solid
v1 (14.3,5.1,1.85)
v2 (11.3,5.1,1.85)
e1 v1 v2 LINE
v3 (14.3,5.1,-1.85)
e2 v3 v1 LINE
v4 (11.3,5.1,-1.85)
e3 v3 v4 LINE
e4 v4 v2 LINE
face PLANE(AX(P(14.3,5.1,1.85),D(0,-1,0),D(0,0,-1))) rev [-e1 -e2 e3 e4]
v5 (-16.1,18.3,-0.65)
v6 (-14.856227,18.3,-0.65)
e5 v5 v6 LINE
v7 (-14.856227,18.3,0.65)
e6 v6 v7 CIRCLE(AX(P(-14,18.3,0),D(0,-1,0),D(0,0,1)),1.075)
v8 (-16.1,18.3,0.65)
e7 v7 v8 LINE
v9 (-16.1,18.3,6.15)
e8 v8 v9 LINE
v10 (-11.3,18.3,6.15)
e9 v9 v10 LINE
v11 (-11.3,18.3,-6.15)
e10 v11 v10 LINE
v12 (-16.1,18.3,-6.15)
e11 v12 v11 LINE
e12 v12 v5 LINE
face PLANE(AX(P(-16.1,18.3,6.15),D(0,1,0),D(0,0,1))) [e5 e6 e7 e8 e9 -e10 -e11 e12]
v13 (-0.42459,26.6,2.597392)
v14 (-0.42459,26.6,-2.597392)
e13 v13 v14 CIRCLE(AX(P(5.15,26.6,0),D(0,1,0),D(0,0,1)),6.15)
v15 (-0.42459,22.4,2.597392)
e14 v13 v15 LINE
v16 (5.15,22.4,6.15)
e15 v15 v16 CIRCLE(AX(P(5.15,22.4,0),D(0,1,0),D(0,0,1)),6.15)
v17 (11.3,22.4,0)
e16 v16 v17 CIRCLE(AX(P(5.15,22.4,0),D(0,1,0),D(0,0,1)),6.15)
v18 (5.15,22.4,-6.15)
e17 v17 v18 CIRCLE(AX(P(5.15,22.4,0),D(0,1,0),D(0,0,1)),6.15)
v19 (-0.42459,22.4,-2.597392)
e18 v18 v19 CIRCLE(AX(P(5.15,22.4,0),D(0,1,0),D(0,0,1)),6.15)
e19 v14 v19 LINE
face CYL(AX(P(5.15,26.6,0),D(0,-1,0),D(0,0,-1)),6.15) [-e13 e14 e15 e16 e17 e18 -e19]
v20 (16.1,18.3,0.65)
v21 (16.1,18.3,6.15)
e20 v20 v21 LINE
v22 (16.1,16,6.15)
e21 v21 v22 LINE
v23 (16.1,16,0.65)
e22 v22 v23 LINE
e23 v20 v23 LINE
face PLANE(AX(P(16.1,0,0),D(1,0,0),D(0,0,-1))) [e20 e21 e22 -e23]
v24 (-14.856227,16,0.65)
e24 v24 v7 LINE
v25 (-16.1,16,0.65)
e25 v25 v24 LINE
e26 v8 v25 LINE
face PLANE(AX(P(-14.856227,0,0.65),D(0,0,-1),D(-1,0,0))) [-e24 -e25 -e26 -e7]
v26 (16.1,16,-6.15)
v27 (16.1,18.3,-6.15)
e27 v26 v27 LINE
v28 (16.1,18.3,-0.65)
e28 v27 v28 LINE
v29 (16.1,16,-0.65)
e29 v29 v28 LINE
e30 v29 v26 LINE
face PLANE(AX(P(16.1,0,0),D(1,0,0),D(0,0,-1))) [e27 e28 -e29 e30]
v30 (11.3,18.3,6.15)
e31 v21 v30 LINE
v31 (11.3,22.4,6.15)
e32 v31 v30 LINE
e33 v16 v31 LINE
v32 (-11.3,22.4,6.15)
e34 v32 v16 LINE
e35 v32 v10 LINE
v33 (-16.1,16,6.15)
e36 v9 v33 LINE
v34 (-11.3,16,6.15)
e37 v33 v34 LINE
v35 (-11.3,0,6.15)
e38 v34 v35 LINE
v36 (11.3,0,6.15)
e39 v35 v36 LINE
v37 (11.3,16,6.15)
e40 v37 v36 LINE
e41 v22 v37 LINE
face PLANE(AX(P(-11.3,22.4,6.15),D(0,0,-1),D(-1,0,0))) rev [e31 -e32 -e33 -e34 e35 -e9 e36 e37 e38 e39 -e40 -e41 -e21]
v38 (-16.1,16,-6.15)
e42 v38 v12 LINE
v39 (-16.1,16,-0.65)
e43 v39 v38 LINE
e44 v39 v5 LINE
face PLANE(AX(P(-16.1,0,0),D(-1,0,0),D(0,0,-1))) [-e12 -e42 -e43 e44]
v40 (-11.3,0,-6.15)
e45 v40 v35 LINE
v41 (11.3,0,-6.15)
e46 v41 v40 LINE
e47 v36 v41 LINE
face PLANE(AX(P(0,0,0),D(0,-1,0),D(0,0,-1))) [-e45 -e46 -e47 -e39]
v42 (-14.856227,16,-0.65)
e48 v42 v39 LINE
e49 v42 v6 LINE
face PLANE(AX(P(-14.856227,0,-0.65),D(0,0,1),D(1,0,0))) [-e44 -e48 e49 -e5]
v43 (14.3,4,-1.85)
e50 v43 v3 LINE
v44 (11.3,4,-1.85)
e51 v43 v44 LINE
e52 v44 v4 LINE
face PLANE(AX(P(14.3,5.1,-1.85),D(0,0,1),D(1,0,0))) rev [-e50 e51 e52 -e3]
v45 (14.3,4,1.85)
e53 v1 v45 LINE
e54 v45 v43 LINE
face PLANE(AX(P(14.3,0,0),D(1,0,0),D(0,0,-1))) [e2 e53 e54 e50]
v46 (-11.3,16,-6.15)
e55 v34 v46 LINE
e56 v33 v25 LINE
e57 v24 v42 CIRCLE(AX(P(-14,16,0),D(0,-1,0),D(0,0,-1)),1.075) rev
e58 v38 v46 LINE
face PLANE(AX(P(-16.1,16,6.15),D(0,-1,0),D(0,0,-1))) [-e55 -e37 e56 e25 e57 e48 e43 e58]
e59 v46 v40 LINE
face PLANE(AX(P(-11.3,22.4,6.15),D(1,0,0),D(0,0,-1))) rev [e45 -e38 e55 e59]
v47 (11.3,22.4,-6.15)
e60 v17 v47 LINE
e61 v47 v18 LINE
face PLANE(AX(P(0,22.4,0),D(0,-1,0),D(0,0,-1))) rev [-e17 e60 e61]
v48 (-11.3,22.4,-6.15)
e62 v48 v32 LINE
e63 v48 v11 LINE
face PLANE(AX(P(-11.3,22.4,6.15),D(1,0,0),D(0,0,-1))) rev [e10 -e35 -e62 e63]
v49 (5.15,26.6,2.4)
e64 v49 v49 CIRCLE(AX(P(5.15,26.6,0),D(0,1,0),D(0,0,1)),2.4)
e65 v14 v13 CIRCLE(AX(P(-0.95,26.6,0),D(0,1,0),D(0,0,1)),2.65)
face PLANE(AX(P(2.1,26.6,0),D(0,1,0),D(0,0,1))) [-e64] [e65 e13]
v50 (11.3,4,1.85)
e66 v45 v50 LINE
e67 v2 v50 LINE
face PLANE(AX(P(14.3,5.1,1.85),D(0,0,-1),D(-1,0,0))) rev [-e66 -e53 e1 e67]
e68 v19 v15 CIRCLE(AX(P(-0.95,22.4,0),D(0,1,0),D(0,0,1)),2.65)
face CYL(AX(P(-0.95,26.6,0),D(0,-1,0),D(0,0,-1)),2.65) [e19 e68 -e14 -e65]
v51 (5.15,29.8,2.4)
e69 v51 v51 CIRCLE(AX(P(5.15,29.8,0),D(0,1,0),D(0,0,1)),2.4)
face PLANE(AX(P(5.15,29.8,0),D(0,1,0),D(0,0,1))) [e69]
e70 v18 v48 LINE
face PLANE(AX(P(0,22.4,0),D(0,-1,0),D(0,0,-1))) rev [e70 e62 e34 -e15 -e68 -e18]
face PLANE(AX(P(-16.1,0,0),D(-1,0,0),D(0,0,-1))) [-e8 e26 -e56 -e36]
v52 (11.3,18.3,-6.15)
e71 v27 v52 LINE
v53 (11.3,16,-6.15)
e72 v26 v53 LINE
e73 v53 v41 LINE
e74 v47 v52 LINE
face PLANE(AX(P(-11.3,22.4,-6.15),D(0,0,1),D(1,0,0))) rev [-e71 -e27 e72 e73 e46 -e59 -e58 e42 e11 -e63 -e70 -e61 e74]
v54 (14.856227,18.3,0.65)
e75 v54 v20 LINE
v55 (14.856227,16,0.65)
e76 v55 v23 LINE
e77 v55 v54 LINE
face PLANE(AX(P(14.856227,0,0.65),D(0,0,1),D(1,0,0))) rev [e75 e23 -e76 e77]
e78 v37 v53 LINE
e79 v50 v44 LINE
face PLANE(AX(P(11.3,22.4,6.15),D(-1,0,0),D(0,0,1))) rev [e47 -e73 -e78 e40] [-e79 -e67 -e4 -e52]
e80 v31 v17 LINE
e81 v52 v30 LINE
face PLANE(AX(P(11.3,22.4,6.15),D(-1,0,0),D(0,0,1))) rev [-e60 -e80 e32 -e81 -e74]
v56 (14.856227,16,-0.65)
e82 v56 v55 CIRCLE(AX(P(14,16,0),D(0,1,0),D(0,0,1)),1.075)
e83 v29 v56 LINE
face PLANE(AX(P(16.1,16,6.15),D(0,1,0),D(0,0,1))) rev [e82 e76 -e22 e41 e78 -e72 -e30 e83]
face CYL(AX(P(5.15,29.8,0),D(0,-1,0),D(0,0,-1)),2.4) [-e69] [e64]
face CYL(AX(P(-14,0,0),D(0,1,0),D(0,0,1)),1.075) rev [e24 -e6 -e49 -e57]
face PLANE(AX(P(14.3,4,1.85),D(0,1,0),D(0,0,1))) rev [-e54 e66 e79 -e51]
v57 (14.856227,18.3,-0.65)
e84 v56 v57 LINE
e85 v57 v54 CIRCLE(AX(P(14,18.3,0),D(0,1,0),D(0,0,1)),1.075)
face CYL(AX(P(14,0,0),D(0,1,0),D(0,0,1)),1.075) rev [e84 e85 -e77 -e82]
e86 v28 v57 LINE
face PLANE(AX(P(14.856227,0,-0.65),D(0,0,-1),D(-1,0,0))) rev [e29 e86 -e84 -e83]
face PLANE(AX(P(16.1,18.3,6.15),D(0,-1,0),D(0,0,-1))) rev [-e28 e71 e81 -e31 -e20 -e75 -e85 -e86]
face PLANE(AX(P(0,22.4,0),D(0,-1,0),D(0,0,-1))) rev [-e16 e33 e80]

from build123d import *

# Parameters (mm, degrees)
ESBO_O1_W                = 22.6
ESBO_O1_H                = 12.3
RESSALTO_EXTRUS_O1_DEPTH = 22.4
ESBO_O2_W                = 12.3
ESBO_O2_H                = 2.3
RESSALTO_EXTRUS_O2_DEPTH = 4.8
CORTE_EXTRUS_O1_DEPTH    = 26.13806874
RESSALTO_EXTRUS_O3_DEPTH = 4.2
ESBO_O5_R                = 2.4
RESSALTO_EXTRUS_O4_DEPTH = 3.2
ESBO_O6_W                = 3.7
ESBO_O6_H                = 1.1
RESSALTO_EXTRUS_O5_DEPTH = 3


with BuildPart() as part:
    # Esboço1 → Ressalto-extrusão1 (new body)
    with BuildSketch(Plane(origin=(0, 0, 0), x_dir=(1, 0, 0), z_dir=(0, 1, 0))):
        Rectangle(ESBO_O1_W, ESBO_O1_H)
    extrude(amount=RESSALTO_EXTRUS_O1_DEPTH)

    # Esboço2 → Ressalto-extrusão2 (add)
    with BuildSketch(Plane(origin=(11.3, 0, 0), x_dir=(0, 0, -1), z_dir=(1, 0, 0))):
        with Locations((0, 17.15)):
            Rectangle(ESBO_O2_W, ESBO_O2_H)
    ressalto_extrus_o2 = extrude(amount=RESSALTO_EXTRUS_O2_DEPTH)

    # Esboço3 → Corte-extrusão1 (cut, through all)
    with BuildSketch(Plane(origin=(0, 18.3, 0), x_dir=(1, 0, 0), z_dir=(0, 1, 0))):
        with BuildLine():
            Line((14.856227189, 0.65), (16.1, 0.65))
            Line((16.1, 0.65), (16.1, -0.65))
            Line((16.1, -0.65), (14.856227189, -0.65))
            ThreePointArc((14.856227189, -0.65), (12.925, 0), (14.856227189, 0.65))
        make_face()
    corte_extrus_o1 = extrude(amount=-CORTE_EXTRUS_O1_DEPTH, mode=Mode.SUBTRACT)

    # Espelhar1: Ressalto-extrusão2, Corte-extrusão1 across plane
    add(ressalto_extrus_o2.mirror(Plane(origin=(0, 0, 0), x_dir=(0, 0, 1), z_dir=(1, 0, 0))))
    add(corte_extrus_o1.mirror(Plane(origin=(0, 0, 0), x_dir=(0, 0, 1), z_dir=(1, 0, 0))), mode=Mode.SUBTRACT)

    # Esboço4 → Ressalto-extrusão3 (add)
    with BuildSketch(Plane(origin=(0, 22.4, 0), x_dir=(1, 0, 0), z_dir=(0, 1, 0))):
        with BuildLine():
            ThreePointArc((-0.424590164, -2.597391866), (11.3, 0), (-0.424590164, 2.597391866))
            ThreePointArc((-0.424590164, 2.597391866), (-3.6, 0), (-0.424590164, -2.597391866))
        make_face()
    extrude(amount=RESSALTO_EXTRUS_O3_DEPTH)

    # Esboço5 → Ressalto-extrusão4 (add)
    with BuildSketch(Plane(origin=(0, 26.6, 0), x_dir=(1, 0, 0), z_dir=(0, 1, 0))):
        with Locations(Location((5.15, 0, 0), (0, 0, 270))):
            Circle(ESBO_O5_R)
    extrude(amount=RESSALTO_EXTRUS_O4_DEPTH)

    # Esboço6 → Ressalto-extrusão5 (add)
    with BuildSketch(Plane(origin=(11.3, 0, 0), x_dir=(0, 0, -1), z_dir=(1, 0, 0))):
        with Locations((0, 4.55)):
            Rectangle(ESBO_O6_W, ESBO_O6_H)
    extrude(amount=RESSALTO_EXTRUS_O5_DEPTH)


solid = part.part
